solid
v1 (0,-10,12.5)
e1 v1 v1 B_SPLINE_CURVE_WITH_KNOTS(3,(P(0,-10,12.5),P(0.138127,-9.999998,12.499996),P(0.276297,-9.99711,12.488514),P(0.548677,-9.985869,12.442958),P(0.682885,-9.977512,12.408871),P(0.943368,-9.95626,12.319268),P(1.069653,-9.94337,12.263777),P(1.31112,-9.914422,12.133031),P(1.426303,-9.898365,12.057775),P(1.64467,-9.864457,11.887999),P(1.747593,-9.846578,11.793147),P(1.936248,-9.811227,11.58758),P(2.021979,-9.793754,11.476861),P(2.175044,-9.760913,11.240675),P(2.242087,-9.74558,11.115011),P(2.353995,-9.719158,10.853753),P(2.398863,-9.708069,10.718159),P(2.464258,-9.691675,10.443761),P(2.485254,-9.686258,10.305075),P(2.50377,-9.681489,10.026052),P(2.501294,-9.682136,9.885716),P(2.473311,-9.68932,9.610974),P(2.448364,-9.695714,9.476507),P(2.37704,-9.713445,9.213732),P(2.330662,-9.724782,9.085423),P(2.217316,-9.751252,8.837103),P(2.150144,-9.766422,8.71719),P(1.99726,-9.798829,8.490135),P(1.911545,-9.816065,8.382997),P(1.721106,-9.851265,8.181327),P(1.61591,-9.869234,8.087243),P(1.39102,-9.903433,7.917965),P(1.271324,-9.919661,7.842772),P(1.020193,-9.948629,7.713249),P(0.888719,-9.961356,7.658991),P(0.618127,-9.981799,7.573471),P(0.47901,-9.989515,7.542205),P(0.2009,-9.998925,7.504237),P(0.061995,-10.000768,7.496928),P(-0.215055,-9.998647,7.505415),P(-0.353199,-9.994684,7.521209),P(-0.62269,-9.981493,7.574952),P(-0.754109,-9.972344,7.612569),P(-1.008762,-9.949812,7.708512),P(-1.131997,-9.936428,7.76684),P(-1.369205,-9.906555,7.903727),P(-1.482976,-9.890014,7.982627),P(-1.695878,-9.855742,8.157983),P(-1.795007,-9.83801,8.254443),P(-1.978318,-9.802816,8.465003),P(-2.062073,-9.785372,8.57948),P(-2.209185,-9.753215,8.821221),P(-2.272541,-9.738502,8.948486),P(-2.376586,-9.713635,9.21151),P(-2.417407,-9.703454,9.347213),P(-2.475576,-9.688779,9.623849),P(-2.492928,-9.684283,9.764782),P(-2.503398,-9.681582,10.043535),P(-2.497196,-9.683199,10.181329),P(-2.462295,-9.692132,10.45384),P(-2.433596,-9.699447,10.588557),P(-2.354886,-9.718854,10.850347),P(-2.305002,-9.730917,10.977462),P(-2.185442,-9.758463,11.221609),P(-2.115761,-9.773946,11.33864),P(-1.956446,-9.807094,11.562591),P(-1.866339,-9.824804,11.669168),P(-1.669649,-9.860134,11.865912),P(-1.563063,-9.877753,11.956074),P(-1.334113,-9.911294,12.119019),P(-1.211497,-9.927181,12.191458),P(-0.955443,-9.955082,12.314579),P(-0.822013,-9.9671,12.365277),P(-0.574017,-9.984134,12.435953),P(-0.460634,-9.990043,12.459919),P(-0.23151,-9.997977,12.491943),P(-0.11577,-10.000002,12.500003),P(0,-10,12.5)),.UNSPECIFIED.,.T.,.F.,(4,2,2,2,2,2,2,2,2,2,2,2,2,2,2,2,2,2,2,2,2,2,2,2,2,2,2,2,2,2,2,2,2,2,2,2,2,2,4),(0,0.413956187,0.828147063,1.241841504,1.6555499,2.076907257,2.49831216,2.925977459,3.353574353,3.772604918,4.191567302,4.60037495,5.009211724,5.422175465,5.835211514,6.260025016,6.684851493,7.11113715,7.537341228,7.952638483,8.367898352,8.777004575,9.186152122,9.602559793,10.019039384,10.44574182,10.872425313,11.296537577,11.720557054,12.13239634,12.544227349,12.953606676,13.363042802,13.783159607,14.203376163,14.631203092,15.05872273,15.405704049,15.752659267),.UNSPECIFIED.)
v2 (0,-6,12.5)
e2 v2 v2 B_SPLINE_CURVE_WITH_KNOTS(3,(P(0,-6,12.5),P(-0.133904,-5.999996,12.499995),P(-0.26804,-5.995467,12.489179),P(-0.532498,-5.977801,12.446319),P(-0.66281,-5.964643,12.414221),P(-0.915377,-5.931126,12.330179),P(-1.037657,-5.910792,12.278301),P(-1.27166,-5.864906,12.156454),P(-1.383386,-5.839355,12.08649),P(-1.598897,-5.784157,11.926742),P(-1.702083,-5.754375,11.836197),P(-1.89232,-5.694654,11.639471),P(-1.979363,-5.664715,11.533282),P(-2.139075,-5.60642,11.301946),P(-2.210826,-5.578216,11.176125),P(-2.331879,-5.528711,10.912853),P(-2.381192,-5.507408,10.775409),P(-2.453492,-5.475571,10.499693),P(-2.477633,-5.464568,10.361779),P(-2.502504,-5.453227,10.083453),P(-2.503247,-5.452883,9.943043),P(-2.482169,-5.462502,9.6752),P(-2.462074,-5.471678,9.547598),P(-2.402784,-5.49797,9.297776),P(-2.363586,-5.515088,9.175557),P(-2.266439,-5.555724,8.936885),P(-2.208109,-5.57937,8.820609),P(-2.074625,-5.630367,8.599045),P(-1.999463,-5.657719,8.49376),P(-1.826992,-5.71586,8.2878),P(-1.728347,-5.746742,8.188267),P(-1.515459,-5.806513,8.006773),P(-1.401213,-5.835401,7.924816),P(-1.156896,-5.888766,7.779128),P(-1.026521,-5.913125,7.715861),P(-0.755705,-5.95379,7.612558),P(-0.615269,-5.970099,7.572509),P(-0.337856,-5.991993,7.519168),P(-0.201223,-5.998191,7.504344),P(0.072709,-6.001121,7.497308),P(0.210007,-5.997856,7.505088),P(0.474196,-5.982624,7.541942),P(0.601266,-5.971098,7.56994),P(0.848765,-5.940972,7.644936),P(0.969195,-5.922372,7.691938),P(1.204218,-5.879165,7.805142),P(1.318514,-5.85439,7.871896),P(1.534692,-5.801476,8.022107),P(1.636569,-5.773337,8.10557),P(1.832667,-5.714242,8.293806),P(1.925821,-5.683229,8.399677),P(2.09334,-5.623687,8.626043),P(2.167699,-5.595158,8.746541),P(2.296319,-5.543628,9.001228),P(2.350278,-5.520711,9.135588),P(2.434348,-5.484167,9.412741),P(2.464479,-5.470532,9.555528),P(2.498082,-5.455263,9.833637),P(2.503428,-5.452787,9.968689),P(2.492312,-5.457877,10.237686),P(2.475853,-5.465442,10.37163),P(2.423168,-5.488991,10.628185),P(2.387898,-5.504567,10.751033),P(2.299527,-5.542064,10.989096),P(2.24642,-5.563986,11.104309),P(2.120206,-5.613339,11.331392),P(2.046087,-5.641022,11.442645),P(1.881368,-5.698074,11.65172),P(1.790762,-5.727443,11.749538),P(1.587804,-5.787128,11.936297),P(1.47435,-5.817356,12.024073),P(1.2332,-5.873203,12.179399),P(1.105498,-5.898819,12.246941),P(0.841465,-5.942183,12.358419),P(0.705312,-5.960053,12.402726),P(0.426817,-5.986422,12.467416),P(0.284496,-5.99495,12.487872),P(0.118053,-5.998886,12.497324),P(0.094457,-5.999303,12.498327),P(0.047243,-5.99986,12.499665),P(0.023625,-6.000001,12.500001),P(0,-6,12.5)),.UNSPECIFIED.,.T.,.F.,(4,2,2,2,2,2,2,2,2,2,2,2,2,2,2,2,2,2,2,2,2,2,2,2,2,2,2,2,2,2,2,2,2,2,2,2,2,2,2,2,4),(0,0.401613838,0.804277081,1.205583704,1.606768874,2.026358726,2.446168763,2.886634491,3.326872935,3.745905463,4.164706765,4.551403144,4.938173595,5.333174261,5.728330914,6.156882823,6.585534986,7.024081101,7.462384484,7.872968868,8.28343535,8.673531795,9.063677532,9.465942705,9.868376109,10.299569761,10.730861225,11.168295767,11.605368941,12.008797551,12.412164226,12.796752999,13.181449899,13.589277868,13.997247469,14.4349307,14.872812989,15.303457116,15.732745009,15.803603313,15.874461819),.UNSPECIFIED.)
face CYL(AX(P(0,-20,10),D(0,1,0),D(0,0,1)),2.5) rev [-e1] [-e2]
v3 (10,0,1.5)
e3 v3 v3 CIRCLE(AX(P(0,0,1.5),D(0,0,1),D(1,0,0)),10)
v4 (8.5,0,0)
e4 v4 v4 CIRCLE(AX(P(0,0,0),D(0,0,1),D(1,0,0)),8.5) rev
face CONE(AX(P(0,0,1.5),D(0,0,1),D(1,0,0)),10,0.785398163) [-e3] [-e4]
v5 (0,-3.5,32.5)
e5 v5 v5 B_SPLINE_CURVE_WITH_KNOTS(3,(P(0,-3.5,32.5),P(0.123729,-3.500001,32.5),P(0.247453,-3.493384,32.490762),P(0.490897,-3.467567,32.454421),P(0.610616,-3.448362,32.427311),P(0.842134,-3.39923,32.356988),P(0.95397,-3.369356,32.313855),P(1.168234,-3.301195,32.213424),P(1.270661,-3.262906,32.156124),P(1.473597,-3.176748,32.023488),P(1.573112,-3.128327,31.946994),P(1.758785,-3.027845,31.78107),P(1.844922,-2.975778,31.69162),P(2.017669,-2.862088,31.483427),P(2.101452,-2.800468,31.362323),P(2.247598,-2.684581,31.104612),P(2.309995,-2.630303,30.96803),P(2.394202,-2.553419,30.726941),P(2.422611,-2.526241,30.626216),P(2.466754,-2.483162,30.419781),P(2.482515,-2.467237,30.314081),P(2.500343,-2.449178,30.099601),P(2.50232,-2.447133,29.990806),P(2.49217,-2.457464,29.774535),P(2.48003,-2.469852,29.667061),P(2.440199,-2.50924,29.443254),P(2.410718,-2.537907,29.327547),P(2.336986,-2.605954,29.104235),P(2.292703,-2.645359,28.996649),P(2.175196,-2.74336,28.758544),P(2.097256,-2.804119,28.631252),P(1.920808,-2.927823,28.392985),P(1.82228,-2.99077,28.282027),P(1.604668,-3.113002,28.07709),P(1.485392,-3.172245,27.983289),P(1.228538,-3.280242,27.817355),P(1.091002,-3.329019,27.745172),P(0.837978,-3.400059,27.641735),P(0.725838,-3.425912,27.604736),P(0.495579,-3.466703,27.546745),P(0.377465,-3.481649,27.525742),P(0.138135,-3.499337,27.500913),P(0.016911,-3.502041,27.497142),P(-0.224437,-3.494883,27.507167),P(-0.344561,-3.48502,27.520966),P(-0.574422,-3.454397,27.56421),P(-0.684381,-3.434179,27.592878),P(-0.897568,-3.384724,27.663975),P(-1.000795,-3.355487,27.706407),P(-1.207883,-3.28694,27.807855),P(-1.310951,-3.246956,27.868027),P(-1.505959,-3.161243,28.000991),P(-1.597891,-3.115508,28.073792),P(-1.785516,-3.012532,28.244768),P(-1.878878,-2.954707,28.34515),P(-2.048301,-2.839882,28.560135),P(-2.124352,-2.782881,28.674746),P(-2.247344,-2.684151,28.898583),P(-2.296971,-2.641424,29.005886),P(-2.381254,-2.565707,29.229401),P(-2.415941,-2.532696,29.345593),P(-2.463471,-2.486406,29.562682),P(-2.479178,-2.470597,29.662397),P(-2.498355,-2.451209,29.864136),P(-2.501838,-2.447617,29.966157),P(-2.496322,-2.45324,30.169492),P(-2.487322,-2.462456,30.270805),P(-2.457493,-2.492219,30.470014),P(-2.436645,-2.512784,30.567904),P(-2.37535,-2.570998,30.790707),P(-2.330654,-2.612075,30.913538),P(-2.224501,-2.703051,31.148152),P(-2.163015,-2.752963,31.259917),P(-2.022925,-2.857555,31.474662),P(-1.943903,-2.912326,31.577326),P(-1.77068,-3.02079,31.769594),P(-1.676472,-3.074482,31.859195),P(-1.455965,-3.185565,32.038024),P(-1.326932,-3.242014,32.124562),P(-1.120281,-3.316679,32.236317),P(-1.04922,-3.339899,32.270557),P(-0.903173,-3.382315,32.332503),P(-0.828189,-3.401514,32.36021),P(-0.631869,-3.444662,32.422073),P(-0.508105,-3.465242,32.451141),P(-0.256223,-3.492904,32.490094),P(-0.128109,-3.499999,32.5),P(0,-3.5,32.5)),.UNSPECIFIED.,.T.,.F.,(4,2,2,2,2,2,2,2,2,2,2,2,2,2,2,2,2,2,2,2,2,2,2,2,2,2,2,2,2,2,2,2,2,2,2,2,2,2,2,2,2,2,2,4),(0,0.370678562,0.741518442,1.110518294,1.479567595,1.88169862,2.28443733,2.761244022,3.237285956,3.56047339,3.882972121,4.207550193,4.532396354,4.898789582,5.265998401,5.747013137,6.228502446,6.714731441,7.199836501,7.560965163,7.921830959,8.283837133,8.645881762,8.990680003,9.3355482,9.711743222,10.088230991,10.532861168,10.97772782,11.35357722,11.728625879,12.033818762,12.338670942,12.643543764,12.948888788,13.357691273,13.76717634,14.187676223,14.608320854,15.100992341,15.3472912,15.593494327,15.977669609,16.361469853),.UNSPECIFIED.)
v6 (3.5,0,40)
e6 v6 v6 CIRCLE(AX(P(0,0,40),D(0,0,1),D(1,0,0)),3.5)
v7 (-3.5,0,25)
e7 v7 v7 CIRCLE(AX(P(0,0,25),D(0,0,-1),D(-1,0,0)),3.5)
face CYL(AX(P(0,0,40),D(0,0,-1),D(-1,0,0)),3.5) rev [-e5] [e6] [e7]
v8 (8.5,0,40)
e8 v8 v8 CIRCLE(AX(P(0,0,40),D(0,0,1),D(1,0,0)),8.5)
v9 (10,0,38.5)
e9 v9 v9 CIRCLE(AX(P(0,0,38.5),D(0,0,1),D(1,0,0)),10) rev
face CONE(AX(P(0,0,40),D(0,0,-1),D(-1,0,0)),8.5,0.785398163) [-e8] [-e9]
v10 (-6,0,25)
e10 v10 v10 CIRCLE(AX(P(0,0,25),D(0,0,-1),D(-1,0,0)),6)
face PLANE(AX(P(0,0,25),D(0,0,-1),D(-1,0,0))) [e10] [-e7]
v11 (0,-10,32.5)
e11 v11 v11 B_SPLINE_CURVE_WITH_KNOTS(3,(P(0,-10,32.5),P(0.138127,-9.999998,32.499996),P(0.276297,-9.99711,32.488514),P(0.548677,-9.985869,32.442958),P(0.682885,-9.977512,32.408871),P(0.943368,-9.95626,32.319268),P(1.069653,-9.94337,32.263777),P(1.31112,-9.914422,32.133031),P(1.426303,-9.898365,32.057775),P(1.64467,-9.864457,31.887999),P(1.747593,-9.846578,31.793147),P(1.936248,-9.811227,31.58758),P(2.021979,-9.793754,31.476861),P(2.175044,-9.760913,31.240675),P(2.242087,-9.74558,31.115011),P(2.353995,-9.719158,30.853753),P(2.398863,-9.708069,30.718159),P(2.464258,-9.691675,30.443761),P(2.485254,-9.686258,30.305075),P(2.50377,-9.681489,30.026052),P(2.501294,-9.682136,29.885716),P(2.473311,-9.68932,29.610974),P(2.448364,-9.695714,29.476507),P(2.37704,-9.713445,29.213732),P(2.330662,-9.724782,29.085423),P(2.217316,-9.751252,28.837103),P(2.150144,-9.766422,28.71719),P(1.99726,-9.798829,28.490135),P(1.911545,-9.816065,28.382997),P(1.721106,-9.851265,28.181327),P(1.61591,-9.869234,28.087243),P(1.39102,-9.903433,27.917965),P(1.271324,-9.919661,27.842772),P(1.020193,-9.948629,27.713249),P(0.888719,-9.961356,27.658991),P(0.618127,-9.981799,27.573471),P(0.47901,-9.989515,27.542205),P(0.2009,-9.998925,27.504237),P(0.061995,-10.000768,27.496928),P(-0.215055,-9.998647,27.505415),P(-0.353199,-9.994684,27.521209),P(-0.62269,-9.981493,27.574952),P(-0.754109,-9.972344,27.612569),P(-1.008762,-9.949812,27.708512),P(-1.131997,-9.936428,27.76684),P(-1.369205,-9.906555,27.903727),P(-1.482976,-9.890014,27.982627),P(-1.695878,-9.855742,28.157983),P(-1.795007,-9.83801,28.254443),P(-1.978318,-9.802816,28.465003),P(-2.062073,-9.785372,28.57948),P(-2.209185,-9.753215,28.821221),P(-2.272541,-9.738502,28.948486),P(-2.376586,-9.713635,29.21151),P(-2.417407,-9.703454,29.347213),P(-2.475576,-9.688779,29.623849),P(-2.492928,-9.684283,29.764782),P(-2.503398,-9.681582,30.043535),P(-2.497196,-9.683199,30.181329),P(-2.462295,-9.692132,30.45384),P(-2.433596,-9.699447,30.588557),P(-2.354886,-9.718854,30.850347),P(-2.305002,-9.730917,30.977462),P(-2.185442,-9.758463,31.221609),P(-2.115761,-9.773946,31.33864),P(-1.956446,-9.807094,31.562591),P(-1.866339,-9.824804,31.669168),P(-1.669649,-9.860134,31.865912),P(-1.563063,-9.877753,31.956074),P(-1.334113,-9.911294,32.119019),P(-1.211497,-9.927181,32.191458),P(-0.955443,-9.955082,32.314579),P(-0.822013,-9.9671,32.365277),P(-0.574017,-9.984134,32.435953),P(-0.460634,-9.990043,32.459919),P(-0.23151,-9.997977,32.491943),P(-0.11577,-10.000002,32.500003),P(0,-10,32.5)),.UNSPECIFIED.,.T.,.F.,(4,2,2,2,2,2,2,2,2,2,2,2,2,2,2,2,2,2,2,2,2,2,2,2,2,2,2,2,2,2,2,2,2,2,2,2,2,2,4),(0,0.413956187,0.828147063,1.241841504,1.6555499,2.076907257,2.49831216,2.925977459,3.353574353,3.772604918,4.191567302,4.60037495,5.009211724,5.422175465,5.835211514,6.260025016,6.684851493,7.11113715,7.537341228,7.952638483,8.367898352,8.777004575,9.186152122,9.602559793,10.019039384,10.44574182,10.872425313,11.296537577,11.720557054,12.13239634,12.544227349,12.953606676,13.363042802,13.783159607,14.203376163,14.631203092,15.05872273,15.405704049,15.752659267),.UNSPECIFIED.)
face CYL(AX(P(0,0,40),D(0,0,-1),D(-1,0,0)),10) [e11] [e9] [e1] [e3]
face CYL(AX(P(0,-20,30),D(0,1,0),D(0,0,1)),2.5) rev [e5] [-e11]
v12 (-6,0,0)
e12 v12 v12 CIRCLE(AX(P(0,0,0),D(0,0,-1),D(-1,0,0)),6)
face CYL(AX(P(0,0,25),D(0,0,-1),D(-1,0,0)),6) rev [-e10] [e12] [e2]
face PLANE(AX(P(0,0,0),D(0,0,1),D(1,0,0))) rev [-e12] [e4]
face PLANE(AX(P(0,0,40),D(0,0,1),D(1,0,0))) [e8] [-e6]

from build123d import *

# Parameters (mm, degrees)
SKETCH1_R           = 10
SKETCH1_R_2         = 3.5
BOSS_EXTRUDE1_DEPTH = 40
CHAMFER1_SIZE       = 1.5
SKETCH2_R           = 6
CUT_EXTRUDE1_DEPTH  = 25
SKETCH3_R           = 2.5
CUT_EXTRUDE2_DEPTH  = 20


with BuildPart() as part:
    # Sketch1 → Boss-Extrude1 (new body)
    with BuildSketch(Plane.XY):
        Circle(SKETCH1_R)
        Circle(SKETCH1_R_2, mode=Mode.SUBTRACT)
    extrude(amount=BOSS_EXTRUDE1_DEPTH)

    # Chamfer1
    chamfer1_edges = [part.edges().sort_by_distance(p)[0] for p in [
        (-10, 0, 0),
        (-10, 0, 40),
    ]]
    chamfer(chamfer1_edges, length=CHAMFER1_SIZE)

    # Sketch2 → Cut-Extrude1 (cut)
    with BuildSketch(Plane(origin=(0, 0, 0), x_dir=(-1, 0, 0), z_dir=(0, 0, -1))):
        Circle(SKETCH2_R)
    extrude(amount=-CUT_EXTRUDE1_DEPTH, mode=Mode.SUBTRACT)

    # Sketch3 → Cut-Extrude2 (cut)
    with BuildSketch(Plane(origin=(0, 0, 0), x_dir=(1, 0, 0), z_dir=(0, 1, 0))):
        with Locations(Location((0, -10, 0), (0, 0, 270))):
            Circle(SKETCH3_R)
        with Locations(Location((0, -30, 0), (0, 0, 270))):
            Circle(SKETCH3_R)
    extrude(amount=-CUT_EXTRUDE2_DEPTH, mode=Mode.SUBTRACT)


solid = part.part
